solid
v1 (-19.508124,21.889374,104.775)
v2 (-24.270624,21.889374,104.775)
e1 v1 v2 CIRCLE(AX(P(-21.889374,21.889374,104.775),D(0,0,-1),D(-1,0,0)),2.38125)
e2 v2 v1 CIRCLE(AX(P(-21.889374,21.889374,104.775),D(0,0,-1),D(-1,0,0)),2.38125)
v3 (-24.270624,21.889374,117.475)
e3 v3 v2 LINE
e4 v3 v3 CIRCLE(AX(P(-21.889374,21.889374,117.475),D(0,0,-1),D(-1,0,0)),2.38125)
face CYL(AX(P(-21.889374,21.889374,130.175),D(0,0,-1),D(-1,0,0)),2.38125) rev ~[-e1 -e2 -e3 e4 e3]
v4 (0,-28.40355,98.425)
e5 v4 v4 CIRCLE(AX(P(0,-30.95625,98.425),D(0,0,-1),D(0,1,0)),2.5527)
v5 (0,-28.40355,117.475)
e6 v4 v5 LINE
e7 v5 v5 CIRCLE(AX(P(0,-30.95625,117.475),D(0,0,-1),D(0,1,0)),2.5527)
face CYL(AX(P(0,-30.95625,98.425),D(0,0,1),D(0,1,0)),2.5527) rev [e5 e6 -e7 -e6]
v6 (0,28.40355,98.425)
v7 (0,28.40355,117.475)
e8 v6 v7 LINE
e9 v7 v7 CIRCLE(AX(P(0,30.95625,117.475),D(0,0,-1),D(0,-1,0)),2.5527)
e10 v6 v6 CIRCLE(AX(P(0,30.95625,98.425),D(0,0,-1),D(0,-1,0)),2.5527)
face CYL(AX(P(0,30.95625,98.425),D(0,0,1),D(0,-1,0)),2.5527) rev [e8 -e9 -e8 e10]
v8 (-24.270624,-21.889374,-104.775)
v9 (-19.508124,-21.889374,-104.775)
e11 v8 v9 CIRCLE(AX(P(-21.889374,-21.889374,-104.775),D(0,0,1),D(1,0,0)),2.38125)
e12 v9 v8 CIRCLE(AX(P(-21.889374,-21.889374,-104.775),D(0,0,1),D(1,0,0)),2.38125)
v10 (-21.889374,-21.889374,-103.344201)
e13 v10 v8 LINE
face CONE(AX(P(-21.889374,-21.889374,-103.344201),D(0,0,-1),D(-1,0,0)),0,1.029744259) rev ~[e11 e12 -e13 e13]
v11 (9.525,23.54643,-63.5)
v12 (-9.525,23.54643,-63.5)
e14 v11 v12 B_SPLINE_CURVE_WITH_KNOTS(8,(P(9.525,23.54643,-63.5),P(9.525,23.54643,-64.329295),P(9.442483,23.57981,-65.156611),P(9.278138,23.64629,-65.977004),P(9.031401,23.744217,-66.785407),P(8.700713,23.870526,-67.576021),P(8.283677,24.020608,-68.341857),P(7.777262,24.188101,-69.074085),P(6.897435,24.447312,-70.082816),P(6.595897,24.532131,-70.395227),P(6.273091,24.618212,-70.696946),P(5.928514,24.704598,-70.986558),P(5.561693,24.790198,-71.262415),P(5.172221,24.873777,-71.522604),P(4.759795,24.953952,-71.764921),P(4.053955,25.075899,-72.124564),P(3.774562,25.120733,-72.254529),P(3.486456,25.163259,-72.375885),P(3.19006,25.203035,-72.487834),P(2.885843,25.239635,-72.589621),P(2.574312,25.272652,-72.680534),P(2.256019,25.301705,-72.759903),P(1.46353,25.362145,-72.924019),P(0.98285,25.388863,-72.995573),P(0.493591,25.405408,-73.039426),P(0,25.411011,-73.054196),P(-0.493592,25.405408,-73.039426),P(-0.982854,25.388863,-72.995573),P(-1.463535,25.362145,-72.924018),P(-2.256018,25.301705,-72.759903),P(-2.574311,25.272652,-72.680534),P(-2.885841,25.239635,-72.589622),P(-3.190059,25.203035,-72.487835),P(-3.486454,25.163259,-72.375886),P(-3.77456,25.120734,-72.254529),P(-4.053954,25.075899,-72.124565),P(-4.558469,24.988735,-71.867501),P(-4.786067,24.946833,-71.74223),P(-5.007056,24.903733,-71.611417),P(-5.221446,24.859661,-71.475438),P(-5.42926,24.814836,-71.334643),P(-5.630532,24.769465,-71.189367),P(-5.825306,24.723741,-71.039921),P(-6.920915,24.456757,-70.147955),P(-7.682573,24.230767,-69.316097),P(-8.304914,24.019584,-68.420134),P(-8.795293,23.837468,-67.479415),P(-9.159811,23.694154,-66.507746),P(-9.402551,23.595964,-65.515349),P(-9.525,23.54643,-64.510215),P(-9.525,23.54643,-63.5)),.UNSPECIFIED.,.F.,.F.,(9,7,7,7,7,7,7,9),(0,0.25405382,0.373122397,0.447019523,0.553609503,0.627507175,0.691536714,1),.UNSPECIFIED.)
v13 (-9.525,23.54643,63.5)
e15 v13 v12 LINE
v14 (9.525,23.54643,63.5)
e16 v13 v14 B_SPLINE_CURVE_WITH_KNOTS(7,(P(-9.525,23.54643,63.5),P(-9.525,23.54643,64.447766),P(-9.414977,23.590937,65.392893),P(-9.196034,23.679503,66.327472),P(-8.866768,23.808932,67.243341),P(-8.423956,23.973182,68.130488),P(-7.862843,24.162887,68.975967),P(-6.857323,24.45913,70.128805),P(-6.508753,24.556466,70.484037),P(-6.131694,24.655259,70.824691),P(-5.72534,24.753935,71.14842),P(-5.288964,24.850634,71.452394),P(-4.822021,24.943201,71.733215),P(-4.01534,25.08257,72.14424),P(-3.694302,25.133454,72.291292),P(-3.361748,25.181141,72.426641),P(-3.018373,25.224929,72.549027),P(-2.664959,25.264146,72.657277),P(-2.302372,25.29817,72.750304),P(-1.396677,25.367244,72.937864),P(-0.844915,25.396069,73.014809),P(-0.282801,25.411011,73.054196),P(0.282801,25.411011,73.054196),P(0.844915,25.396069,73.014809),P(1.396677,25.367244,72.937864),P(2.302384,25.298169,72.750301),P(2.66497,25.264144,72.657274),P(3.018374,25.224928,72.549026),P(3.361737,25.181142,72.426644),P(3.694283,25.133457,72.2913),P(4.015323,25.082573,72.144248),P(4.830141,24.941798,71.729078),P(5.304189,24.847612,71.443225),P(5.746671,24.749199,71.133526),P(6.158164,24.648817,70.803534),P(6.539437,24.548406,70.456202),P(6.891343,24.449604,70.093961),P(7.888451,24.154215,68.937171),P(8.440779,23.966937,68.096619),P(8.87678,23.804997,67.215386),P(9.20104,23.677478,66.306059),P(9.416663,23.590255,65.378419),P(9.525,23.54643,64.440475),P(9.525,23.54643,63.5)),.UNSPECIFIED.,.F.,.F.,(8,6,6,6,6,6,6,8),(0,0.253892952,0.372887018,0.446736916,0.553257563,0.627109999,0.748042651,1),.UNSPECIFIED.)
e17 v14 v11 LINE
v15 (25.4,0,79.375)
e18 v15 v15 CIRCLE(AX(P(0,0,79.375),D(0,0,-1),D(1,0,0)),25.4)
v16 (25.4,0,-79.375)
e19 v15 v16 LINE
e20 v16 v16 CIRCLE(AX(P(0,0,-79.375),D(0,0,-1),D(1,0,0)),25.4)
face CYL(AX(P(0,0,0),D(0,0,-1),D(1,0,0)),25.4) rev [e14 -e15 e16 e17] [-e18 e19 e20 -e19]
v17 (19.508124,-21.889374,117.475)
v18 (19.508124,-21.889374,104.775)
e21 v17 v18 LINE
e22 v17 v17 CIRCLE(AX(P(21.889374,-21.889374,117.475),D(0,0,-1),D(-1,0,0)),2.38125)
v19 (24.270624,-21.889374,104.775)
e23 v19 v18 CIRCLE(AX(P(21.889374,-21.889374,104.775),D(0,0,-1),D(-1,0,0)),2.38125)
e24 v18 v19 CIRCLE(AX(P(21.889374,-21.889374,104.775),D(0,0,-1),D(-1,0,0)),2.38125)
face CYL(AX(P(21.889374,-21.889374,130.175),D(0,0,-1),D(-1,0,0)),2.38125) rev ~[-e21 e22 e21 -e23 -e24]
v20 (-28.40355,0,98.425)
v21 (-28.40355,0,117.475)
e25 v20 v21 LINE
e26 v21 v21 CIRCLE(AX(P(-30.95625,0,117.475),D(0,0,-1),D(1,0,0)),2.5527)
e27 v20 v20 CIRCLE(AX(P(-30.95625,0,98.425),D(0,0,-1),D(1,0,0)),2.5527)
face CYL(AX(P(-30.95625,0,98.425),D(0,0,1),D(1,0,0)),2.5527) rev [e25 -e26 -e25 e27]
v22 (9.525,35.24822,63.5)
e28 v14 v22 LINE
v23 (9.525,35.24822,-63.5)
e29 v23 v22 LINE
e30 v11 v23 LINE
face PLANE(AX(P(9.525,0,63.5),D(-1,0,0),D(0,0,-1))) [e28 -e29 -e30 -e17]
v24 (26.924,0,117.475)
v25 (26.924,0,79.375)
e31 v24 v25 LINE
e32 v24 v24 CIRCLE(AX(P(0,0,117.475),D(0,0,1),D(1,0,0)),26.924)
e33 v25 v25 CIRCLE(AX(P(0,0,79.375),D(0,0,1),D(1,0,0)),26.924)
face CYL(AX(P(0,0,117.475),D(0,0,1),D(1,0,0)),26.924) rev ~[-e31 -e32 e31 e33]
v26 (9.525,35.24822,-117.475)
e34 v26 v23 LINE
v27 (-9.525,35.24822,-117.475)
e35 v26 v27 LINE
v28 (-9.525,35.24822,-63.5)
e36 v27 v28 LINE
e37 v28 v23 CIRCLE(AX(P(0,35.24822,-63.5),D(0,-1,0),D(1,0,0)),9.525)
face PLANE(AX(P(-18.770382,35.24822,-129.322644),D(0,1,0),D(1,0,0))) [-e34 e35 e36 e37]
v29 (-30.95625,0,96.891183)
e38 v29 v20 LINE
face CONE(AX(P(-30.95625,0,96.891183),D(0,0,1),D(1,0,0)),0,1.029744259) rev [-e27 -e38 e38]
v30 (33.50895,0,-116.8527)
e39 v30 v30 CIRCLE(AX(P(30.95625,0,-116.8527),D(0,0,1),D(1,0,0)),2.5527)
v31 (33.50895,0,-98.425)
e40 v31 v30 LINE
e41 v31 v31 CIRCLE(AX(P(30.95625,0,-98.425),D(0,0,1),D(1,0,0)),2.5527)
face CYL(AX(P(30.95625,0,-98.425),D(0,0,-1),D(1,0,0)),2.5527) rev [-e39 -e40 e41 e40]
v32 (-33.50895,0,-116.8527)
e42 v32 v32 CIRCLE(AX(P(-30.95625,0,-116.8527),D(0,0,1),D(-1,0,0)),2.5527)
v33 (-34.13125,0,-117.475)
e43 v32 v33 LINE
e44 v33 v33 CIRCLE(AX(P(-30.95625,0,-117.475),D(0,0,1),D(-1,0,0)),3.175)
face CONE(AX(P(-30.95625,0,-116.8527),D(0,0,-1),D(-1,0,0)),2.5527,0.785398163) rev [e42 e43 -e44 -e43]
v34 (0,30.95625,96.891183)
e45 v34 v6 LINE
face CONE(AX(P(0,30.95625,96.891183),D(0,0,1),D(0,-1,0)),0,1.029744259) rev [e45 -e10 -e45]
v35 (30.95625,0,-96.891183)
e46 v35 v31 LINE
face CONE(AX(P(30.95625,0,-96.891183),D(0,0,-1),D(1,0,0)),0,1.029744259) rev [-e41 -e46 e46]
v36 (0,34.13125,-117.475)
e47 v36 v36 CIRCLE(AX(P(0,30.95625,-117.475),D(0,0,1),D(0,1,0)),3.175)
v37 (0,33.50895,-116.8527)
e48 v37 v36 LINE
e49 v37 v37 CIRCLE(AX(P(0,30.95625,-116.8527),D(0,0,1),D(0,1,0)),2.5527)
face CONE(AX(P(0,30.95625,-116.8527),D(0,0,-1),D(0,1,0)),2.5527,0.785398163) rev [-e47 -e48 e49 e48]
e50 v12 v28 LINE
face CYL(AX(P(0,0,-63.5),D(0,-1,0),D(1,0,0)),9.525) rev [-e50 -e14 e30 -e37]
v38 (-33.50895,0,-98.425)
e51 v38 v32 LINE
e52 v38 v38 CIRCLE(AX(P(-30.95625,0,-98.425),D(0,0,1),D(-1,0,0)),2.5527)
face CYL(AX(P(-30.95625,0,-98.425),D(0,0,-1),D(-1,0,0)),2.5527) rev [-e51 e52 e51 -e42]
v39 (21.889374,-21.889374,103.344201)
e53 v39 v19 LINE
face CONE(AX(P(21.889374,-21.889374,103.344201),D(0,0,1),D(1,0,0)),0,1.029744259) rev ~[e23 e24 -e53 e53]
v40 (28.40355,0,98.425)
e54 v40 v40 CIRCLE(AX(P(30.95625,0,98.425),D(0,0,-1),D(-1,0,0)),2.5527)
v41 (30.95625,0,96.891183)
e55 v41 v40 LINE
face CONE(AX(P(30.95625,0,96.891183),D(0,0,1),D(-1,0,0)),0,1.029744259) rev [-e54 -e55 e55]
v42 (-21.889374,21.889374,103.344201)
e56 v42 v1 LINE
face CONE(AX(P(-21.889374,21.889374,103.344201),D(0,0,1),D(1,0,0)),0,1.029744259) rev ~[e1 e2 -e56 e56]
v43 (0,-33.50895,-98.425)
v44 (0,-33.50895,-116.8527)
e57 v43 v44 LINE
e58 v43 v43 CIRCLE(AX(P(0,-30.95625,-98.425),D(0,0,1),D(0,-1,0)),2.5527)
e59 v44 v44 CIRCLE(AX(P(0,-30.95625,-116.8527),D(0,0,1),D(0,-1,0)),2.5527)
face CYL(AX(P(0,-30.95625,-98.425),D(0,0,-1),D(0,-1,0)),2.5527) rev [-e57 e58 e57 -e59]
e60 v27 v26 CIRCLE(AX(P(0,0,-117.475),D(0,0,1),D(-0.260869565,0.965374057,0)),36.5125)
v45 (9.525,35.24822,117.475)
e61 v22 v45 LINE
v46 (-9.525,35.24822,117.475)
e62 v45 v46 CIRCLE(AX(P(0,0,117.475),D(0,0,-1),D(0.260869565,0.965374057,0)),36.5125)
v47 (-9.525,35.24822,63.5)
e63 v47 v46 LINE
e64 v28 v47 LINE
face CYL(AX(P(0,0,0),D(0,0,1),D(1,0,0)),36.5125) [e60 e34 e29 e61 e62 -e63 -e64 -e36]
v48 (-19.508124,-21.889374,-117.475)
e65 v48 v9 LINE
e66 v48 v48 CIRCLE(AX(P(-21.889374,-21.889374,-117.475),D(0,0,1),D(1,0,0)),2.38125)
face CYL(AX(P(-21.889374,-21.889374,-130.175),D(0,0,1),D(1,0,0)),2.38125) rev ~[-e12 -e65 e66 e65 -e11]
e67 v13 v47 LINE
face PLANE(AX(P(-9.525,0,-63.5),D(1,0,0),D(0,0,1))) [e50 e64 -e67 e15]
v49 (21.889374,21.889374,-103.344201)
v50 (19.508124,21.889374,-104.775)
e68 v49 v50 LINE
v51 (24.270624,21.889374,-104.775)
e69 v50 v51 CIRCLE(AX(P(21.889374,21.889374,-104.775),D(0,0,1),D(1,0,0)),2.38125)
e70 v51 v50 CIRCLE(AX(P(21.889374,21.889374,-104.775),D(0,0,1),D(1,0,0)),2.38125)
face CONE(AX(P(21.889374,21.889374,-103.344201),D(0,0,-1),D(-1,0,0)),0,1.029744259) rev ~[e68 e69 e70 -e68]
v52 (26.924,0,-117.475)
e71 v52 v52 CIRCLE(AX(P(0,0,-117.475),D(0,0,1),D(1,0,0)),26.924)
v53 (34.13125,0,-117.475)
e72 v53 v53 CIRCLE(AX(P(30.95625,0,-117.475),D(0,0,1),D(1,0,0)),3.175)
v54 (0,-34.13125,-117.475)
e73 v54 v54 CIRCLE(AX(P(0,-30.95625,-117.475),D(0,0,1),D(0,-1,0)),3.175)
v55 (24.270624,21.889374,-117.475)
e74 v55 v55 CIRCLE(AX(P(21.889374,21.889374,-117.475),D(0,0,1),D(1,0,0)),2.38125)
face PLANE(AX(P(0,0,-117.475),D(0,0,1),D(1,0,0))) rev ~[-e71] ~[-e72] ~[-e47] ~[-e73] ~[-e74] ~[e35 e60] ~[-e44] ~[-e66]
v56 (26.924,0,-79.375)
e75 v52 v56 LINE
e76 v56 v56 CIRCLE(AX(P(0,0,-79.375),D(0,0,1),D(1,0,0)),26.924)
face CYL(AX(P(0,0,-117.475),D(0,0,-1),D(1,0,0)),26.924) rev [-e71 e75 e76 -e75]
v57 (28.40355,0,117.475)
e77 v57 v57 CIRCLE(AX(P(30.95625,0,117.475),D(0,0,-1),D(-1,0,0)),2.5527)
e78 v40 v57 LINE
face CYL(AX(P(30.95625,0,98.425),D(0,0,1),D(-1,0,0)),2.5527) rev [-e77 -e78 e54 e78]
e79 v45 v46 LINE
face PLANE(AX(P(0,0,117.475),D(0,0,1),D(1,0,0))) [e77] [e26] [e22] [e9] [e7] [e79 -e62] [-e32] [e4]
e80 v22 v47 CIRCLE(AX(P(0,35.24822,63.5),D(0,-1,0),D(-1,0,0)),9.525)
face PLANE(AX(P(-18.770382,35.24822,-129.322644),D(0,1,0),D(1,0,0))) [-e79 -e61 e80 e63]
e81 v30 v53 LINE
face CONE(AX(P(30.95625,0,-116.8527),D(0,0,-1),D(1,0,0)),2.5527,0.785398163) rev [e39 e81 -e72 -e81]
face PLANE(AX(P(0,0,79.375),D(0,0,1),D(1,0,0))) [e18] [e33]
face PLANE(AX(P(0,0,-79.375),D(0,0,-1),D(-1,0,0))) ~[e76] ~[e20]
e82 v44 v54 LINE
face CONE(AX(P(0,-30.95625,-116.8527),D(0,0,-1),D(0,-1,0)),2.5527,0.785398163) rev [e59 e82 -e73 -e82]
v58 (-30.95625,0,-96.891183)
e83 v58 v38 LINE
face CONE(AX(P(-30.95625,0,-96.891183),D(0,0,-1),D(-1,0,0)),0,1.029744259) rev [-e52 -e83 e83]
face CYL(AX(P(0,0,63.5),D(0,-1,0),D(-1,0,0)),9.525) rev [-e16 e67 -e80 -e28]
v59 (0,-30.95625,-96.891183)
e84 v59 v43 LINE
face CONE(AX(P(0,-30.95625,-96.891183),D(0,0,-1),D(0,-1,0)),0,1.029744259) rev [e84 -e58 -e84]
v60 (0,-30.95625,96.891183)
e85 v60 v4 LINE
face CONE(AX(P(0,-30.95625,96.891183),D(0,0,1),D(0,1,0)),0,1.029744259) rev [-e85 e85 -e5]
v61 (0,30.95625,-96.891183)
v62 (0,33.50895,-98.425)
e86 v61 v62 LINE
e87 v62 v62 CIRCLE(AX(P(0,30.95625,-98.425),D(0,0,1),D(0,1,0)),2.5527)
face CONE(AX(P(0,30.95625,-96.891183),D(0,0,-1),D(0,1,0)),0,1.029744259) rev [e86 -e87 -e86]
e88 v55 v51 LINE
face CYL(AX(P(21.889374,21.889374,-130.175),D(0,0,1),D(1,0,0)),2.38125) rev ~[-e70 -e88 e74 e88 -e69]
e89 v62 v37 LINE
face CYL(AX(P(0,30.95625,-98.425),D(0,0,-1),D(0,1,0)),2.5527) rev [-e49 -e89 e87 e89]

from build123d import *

# Parameters (mm, degrees)
BOLT_CIRCLE_R                      = 36.5125
BOLT_CIRCLE_R_2                    = 25.4
BASE_SHAPE_DEPTH                   = 117.475
BOLT_PATTERN_COUNT                 = 4
SLOT_DEPTH                         = 129.3226439
SKETCH17_R                         = 26.924
INNER_STEP_DEPTH                   = 38.1
EXTRUDE1_DEPTH                     = 129.322644049
EXTRUDE1_DEPTH_BACK                = 129.322644049
SKETCH20_W                         = 37.44274537
SKETCH20_H                         = 1.704436823
ALIGNMENT_PIN_HOLES_D              = 4.7625
ALIGNMENT_PIN_HOLES_DEPTH          = 12.7
ALIGNMENT_PIN_HOLES_TIP            = 1.430799349
F_3_16_0_1875_DIAMETER_HOLE1_D     = 4.7625
F_3_16_0_1875_DIAMETER_HOLE1_DEPTH = 12.7
F_3_16_0_1875_DIAMETER_HOLE1_TIP   = 1.430799349


with BuildPart() as part:
    # Bolt circle → Base shape (new, symmetric)
    with BuildSketch(Plane.XY):
        Circle(BOLT_CIRCLE_R)
        Circle(BOLT_CIRCLE_R_2, mode=Mode.SUBTRACT)
    extrude(amount=BASE_SHAPE_DEPTH, both=True)

    # Sketch10 → 1/4-20 #1 (revolve, cut)
    with BuildSketch(Plane(origin=(0, 30.95625, -117.475), x_dir=(0, 1, 0), z_dir=(1, 0, 0))):
        Polygon((0, 0), (0, 20.583816902), (2.5527, 19.05), (2.5527, 0.6223), (3.175, 0), align=None)
    hole_wizard_1_4_20_1 = revolve(axis=Axis((0, 30.95625, -123.825), (0, 0, 1)), mode=Mode.SUBTRACT)

    # Sketch11 → 1/4-20 #2 (revolve, cut)
    with BuildSketch(Plane(origin=(0, 30.95625, 117.475), x_dir=(0, -1, 0), z_dir=(1, 0, 0))):
        Polygon((0, 0), (0, 20.583816902), (2.5527, 19.05), (2.5527, 0), align=None)
    hole_wizard_1_4_20_2 = revolve(axis=Axis((0, 30.95625, 123.825), (0, 0, -1)), mode=Mode.SUBTRACT)

    # Bolt pattern: 1/4-20 #1, 1/4-20 #2 ×4 about axis
    bolt_pattern_axis = Axis((0, 0, -80.9), (0, 0, 1))
    add([hole_wizard_1_4_20_1.rotate(bolt_pattern_axis, i * 360 / BOLT_PATTERN_COUNT) for i in range(1, BOLT_PATTERN_COUNT)], mode=Mode.SUBTRACT)
    add([hole_wizard_1_4_20_2.rotate(bolt_pattern_axis, i * 360 / BOLT_PATTERN_COUNT) for i in range(1, BOLT_PATTERN_COUNT)], mode=Mode.SUBTRACT)

    # Sketch14 → Slot (cut, through all)
    with BuildSketch(Plane(origin=(0, 0, 0), x_dir=(1, 0, 0), z_dir=(0, 1, 0))):
        with BuildLine():
            Line((-9.525, 63.5), (-9.525, -63.5))
            ThreePointArc((-9.525, -63.5), (0, -73.025), (9.525, -63.5))
            Line((9.525, -63.5), (9.525, 63.5))
            ThreePointArc((9.525, 63.5), (0, 73.025), (-9.525, 63.5))
        make_face()
    extrude(amount=SLOT_DEPTH, mode=Mode.SUBTRACT)

    # Sketch17 → Inner Step (cut)
    with BuildSketch(Plane.XY.offset(117.475)):
        Circle(SKETCH17_R)
    inner_step = extrude(amount=-INNER_STEP_DEPTH, mode=Mode.SUBTRACT)

    # Step Mirror: Inner Step across plane
    add(inner_step.mirror(Plane.XY), mode=Mode.SUBTRACT)

    # Sketch20 → Extrude1 (cut, two sides: drawn at the far end of the back side and taken through both)
    with BuildSketch(Plane.XY.offset(-EXTRUDE1_DEPTH_BACK)):
        with Locations((-0.049008829, 36.100438668)):
            Rectangle(SKETCH20_W, SKETCH20_H)
    extrude(amount=EXTRUDE1_DEPTH + EXTRUDE1_DEPTH_BACK, mode=Mode.SUBTRACT)

    # Alignment_pin_holes
    with Locations(Plane.XY.offset(117.475)):
        with Locations((-21.889374295, 21.889374295), (21.889374295, -21.889374295)):
            Hole(ALIGNMENT_PIN_HOLES_D / 2, depth=ALIGNMENT_PIN_HOLES_DEPTH)
            with Locations((0, 0, -(ALIGNMENT_PIN_HOLES_DEPTH + ALIGNMENT_PIN_HOLES_TIP / 2))):  # 118° drill point
                Cone(0, ALIGNMENT_PIN_HOLES_D / 2, ALIGNMENT_PIN_HOLES_TIP, mode=Mode.SUBTRACT)

    # 3/16 (0.1875) Diameter Hole1
    with Locations(Plane(origin=(0, 0, -117.475), x_dir=(-1, 0, 0), z_dir=(0, 0, -1))):
        with Locations((-21.889374295, 21.889374295), (21.889374295, -21.889374295)):
            Hole(F_3_16_0_1875_DIAMETER_HOLE1_D / 2, depth=F_3_16_0_1875_DIAMETER_HOLE1_DEPTH)
            with Locations((0, 0, -(F_3_16_0_1875_DIAMETER_HOLE1_DEPTH + F_3_16_0_1875_DIAMETER_HOLE1_TIP / 2))):  # 118° drill point
                Cone(0, F_3_16_0_1875_DIAMETER_HOLE1_D / 2, F_3_16_0_1875_DIAMETER_HOLE1_TIP, mode=Mode.SUBTRACT)


solid = part.part
